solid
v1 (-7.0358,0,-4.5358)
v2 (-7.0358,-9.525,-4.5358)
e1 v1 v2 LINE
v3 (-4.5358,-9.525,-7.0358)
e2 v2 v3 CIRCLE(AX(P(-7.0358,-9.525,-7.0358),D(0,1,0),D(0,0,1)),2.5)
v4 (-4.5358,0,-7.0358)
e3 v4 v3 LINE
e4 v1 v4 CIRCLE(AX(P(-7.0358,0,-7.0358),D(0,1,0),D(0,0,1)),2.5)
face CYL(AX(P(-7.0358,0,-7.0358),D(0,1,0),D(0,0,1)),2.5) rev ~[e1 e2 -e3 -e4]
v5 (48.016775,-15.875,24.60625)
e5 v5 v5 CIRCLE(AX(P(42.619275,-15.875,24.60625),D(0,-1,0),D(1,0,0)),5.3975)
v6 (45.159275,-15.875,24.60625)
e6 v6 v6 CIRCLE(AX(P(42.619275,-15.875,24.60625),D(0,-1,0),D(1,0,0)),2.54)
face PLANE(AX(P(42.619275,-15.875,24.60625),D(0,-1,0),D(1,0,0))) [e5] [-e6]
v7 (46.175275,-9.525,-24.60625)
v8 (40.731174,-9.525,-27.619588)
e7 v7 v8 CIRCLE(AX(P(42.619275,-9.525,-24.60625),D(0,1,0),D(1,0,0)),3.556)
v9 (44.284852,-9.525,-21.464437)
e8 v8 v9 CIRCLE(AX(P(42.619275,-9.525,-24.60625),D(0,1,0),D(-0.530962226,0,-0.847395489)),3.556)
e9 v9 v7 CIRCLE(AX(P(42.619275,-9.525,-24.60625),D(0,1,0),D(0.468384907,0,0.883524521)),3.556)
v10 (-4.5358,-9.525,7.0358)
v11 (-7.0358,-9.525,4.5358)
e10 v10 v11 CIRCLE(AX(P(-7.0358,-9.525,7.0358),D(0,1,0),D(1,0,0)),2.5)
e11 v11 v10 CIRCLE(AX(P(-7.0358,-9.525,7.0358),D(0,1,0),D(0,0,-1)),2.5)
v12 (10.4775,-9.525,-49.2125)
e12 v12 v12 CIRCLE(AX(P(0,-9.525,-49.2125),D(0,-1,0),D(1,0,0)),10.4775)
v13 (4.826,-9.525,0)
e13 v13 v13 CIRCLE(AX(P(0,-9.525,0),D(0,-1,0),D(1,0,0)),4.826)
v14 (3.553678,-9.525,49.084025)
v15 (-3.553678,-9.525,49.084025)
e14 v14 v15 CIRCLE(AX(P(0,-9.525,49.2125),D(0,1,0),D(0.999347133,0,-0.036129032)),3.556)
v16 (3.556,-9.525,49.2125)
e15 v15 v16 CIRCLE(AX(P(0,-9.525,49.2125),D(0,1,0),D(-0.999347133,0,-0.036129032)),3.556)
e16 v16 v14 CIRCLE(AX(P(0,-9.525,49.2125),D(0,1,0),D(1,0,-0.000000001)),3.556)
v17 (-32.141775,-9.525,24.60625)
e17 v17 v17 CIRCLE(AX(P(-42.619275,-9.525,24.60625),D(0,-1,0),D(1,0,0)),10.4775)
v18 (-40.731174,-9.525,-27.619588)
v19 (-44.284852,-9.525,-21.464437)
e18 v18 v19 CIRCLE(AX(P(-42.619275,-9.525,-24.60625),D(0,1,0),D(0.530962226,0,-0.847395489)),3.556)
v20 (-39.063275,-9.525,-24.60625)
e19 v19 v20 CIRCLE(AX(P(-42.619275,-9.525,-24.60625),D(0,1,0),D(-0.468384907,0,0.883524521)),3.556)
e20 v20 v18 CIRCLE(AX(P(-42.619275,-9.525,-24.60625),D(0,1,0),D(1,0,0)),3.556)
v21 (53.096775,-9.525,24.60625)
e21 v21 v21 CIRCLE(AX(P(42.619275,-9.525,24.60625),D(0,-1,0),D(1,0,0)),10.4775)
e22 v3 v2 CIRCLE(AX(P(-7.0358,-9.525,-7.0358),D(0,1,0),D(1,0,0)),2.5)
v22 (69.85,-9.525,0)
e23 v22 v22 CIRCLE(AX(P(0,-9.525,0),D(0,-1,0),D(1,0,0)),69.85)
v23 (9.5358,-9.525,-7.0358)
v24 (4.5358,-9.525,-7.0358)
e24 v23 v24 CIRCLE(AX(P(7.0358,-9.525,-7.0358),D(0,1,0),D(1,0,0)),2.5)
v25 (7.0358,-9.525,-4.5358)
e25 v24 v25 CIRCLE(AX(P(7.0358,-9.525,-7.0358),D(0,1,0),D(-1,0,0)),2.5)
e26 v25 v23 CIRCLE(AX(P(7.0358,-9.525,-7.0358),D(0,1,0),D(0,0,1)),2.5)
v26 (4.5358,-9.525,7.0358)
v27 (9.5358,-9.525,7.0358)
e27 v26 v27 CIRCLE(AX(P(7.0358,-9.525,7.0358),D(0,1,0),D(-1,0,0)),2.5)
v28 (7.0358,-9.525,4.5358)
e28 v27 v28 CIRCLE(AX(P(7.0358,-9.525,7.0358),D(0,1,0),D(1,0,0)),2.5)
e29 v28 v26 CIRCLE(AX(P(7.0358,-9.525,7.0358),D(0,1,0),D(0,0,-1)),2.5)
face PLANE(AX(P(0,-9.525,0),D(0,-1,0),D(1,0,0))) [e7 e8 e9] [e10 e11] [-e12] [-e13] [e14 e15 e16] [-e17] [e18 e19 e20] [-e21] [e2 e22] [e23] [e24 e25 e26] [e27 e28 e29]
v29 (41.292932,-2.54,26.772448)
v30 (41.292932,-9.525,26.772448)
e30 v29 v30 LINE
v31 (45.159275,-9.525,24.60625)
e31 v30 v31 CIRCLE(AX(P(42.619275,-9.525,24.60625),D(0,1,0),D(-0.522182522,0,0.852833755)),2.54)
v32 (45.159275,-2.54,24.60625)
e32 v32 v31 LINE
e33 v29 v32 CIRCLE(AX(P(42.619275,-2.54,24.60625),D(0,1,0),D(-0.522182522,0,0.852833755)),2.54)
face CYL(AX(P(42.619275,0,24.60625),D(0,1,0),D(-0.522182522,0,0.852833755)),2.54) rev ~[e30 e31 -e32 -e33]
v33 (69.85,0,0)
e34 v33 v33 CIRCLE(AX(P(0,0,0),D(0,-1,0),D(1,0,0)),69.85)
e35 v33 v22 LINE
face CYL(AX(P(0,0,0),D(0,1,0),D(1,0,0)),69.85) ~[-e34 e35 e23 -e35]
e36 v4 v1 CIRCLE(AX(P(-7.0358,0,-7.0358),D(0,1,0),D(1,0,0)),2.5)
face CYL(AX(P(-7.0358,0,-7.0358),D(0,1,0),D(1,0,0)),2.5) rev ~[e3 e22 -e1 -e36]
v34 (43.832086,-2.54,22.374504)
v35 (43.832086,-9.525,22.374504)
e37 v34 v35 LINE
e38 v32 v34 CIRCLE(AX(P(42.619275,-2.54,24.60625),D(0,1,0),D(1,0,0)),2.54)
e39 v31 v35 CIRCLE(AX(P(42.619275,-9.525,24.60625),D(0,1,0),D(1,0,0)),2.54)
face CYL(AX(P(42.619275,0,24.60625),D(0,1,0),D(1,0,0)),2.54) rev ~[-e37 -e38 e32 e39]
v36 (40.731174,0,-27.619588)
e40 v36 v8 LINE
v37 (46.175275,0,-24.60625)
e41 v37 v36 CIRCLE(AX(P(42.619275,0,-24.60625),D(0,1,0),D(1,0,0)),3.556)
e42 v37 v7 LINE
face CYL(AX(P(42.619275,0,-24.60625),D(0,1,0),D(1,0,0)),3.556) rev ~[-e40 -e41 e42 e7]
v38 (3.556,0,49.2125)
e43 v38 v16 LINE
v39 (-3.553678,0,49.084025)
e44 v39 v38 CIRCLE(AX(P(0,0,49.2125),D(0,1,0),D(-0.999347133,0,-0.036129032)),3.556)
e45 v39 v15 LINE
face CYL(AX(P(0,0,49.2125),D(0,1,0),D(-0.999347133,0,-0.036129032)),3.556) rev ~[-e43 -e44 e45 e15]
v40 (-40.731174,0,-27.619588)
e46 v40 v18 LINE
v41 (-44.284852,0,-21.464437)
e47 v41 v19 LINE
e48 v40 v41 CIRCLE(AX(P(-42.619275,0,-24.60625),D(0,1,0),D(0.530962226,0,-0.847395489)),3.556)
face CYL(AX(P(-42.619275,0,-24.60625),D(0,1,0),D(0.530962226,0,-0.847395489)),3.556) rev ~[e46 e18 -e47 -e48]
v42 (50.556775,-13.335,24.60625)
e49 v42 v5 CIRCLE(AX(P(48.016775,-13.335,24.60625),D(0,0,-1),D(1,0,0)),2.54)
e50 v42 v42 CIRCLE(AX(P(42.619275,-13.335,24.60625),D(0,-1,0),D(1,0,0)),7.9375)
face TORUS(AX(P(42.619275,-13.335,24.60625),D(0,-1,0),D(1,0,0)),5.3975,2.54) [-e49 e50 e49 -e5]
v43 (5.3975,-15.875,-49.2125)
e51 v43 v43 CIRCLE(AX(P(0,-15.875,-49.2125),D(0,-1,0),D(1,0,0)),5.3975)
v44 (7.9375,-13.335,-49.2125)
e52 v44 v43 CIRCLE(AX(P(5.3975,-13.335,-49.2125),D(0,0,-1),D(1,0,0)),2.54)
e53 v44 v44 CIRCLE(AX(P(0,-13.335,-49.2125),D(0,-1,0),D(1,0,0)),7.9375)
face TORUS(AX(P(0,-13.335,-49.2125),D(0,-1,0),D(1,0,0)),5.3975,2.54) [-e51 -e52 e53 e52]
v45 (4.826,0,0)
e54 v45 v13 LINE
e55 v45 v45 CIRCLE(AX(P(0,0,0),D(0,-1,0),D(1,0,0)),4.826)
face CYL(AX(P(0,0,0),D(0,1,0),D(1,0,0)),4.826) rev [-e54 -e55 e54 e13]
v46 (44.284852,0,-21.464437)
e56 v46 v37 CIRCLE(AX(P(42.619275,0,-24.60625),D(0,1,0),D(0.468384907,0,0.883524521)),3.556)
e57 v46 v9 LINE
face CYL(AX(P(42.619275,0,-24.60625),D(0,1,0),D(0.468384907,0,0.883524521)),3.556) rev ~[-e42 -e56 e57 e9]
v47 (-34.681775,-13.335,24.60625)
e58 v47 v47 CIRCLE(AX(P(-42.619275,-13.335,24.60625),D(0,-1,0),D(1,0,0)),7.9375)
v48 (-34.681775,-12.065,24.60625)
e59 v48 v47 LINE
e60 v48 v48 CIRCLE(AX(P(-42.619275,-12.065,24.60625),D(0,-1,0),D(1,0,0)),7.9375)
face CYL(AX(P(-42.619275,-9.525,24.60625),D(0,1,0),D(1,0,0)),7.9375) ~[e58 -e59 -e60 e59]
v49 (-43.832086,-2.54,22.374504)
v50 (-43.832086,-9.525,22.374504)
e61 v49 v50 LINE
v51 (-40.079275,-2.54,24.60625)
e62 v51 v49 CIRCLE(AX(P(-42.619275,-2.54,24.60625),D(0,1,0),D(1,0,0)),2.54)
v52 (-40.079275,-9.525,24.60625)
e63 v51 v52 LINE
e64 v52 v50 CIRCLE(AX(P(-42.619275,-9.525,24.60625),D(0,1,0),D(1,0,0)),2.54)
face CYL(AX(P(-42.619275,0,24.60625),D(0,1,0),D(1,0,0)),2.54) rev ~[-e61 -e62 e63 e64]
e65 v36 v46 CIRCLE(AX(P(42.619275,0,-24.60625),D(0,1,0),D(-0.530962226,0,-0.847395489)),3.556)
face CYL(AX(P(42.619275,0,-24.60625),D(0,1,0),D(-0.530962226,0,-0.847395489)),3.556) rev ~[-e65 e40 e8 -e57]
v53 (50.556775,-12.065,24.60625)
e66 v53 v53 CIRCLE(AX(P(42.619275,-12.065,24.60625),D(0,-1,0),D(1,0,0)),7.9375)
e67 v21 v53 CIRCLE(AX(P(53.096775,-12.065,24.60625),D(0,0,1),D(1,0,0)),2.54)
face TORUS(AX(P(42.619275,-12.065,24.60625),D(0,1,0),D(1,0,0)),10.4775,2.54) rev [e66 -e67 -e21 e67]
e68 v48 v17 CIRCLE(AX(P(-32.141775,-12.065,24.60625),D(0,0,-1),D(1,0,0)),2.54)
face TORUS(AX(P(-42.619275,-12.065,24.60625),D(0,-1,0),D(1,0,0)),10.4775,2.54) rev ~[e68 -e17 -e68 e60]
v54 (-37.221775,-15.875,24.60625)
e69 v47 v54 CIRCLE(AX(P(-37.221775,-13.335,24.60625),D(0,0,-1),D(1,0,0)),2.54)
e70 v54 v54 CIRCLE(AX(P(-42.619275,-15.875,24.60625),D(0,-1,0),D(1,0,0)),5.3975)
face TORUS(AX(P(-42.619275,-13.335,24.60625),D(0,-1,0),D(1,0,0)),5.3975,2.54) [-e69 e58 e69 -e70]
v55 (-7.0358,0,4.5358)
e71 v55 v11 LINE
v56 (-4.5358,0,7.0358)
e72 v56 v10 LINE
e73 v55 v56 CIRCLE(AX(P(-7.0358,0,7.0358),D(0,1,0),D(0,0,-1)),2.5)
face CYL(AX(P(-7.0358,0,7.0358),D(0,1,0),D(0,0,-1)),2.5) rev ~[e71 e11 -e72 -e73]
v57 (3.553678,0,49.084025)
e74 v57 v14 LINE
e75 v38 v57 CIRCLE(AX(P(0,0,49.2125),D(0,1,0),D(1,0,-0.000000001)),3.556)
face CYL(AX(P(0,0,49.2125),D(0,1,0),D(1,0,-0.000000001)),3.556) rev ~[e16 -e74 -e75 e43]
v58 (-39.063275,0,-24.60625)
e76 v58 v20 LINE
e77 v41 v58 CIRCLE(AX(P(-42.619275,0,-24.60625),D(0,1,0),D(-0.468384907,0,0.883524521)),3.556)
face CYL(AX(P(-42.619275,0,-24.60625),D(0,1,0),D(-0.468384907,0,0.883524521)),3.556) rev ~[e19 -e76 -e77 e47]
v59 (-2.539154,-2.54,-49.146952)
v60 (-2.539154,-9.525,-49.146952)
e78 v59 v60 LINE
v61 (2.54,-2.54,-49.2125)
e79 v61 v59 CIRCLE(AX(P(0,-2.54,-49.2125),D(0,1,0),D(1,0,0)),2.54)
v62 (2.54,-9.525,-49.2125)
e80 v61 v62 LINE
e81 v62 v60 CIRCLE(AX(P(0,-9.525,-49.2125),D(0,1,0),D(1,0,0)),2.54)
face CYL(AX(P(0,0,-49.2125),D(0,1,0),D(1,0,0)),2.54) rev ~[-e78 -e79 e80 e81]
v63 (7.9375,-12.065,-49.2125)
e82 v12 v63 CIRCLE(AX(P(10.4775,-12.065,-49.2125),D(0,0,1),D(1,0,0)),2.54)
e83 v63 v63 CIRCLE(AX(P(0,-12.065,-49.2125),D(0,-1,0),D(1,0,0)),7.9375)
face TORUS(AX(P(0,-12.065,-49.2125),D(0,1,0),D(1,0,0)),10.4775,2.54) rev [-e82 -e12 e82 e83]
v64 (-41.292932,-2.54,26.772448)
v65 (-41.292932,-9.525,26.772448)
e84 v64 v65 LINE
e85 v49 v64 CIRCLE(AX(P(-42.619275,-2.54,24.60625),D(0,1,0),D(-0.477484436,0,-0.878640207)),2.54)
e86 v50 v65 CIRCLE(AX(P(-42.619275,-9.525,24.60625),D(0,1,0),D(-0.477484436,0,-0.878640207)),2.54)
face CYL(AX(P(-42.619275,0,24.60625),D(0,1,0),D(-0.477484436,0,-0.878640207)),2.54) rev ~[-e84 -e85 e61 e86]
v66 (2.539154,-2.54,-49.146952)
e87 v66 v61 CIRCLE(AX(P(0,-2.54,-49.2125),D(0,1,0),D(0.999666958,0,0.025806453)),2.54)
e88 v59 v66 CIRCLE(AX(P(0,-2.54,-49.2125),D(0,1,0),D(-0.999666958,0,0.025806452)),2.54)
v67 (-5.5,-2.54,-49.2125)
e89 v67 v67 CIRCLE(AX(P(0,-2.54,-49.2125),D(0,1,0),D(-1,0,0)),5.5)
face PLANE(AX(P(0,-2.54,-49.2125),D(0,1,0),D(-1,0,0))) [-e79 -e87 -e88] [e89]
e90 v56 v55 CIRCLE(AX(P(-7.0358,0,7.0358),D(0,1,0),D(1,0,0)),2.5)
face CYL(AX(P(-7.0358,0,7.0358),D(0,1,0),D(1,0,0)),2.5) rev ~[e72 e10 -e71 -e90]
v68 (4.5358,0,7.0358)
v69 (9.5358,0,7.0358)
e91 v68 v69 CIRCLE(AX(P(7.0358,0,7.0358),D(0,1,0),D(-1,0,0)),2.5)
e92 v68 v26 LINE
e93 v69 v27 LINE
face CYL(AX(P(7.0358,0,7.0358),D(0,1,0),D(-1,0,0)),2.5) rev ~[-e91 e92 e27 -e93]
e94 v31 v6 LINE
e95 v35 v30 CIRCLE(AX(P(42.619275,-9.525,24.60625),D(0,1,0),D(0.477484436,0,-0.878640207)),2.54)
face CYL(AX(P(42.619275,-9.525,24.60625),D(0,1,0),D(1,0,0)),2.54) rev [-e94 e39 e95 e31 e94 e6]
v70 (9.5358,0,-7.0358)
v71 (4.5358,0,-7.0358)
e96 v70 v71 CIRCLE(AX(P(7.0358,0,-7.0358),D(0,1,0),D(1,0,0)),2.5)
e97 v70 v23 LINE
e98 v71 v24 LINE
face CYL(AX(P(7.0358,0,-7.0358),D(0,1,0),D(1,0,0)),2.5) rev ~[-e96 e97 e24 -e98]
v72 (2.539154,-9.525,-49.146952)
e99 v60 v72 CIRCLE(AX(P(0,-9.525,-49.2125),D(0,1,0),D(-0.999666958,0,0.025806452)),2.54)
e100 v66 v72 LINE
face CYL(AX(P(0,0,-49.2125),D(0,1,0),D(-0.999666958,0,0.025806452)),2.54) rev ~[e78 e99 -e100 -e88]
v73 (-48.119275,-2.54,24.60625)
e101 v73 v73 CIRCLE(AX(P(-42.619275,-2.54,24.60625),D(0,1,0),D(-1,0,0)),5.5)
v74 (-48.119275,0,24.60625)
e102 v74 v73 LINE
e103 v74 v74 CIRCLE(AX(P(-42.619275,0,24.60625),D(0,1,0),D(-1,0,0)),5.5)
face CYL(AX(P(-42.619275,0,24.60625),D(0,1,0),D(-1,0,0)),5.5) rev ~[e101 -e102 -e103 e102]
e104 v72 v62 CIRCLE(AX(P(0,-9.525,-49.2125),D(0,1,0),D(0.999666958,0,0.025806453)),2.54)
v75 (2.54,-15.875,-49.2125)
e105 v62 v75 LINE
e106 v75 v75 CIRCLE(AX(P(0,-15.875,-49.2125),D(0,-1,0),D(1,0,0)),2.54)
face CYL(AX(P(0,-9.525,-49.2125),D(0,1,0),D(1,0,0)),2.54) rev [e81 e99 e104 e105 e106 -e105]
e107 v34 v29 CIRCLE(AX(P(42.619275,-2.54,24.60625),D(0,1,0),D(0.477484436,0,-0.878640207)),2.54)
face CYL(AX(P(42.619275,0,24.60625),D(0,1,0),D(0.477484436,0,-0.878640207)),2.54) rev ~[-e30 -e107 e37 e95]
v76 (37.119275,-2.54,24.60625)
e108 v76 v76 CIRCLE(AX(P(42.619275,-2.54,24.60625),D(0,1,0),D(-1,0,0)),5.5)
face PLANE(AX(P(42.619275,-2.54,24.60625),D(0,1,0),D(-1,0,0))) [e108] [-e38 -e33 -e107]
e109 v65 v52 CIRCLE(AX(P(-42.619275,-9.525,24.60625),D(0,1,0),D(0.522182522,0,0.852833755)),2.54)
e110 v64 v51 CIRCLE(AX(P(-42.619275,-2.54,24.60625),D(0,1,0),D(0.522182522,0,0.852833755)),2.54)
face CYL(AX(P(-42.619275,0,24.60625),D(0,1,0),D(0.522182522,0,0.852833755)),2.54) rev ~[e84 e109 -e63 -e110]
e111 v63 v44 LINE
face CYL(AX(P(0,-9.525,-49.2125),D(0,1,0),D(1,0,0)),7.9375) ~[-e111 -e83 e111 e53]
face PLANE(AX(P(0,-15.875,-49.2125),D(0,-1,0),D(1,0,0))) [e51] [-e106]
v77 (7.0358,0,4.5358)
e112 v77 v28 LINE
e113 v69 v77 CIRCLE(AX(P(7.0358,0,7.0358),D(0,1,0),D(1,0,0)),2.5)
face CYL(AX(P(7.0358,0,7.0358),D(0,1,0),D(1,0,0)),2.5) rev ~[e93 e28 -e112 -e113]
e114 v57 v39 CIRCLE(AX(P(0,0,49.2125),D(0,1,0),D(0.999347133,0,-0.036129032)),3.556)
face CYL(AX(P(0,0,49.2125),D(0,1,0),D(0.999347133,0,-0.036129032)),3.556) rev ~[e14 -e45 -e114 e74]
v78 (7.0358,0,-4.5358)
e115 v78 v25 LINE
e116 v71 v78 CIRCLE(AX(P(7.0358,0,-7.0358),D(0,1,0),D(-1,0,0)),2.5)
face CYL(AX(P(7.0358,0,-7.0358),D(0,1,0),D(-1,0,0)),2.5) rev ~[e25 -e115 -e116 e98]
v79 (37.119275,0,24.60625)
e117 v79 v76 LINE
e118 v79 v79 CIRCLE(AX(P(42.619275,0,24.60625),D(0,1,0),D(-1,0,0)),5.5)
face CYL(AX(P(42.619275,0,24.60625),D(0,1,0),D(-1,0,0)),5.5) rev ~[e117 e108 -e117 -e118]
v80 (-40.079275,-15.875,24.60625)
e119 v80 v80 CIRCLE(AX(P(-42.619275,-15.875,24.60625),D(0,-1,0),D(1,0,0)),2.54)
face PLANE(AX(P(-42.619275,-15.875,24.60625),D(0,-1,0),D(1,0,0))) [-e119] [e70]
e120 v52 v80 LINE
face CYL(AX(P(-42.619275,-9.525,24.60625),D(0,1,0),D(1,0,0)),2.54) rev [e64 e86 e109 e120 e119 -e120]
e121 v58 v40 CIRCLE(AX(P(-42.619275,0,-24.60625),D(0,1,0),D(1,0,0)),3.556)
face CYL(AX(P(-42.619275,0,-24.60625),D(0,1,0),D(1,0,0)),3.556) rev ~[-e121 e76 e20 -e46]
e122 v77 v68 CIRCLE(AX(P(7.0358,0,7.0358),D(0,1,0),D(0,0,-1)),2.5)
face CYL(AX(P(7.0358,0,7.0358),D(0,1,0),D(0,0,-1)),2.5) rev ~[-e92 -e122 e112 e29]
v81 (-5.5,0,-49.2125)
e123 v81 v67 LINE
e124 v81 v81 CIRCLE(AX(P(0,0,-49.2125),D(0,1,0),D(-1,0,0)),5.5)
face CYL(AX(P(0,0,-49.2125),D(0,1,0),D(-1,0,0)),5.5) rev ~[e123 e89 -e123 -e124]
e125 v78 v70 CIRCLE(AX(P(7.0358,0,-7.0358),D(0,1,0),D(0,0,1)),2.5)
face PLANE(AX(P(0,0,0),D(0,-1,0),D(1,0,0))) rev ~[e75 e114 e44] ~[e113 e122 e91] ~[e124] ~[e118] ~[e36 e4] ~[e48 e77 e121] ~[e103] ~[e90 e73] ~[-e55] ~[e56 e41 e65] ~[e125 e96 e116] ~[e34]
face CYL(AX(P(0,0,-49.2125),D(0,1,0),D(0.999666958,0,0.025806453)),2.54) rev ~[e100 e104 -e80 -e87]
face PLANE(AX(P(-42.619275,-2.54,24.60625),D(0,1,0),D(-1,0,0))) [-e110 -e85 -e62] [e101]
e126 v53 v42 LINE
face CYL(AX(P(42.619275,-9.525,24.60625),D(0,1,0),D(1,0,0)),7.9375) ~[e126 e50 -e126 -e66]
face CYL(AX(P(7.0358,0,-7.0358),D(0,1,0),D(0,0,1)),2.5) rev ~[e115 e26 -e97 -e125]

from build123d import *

# Parameters (mm, degrees)
F0_R     = 69.85
F0_R_2   = 4.826
F1_DEPTH = 9.525
F2_R     = 5.5
F3_DEPTH = 2.54
F4_R     = 7.9375
F4_R_2   = 2.54
F5_DEPTH = 6.35
F6_R     = 2.54


with BuildPart() as f1:
    # F0 (on Front) → F1 (new body)
    with BuildSketch(Plane.XZ):
        Circle(F0_R)
        with BuildLine():
            ThreePointArc((43.8320856521, 22.3745038747), (47.8484935573, 11.5061644586), (49.2125, 0))
            ThreePointArc((49.2125, 0), (47.9647705666, -11.0114004897), (44.2848519129, -21.4644368039))
            ThreePointArc((44.2848519129, -21.4644368039), (45.6662348855, -22.7728999037), (46.1752751837, -24.60625))
            ThreePointArc((46.1752751837, -24.60625), (44.3413446416, -27.7174576083), (40.7311735065, -27.6195883574))
            ThreePointArc((40.7311735065, -27.6195883574), (24.1647916276, -42.8711208373), (2.5391540735, -49.1469516129))
            ThreePointArc((2.5391540735, -49.1469516129), (2.5397885096, -49.1797230773), (2.54, -49.2125))
            ThreePointArc((2.54, -49.2125), (-0.0327769227, -51.7522885096), (-2.5391540735, -49.1469516129))
            ThreePointArc((-2.5391540735, -49.1469516129), (-24.1647916276, -42.8711208373), (-40.7311735065, -27.6195883574))
            ThreePointArc((-40.7311735065, -27.6195883574), (-45.6988615196, -26.38425), (-44.2848519129, -21.4644368039))
            ThreePointArc((-44.2848519129, -21.4644368039), (-49.2098755476, 0.508236992), (-43.8320856521, 22.3745038747))
            ThreePointArc((-43.8320856521, 22.3745038747), (-44.8189797094, 25.87625), (-41.2929315786, 26.7724477382))
            ThreePointArc((-41.2929315786, 26.7724477382), (-25.04508392, 42.3628838453), (-3.5536784064, 49.0840251613))
            ThreePointArc((-3.5536784064, 49.0840251613), (-0.0642479065, 52.7679195542), (3.556, 49.2125))
            ThreePointArc((3.556, 49.2125), (3.5554195542, 49.1482520935), (3.5536784064, 49.0840251613))
            ThreePointArc((3.5536784064, 49.0840251613), (25.04508392, 42.3628838453), (41.2929315786, 26.7724477382))
            ThreePointArc((41.2929315786, 26.7724477382), (43.8607837908, 26.8221598309), (45.1592751837, 24.60625))
            ThreePointArc((45.1592751837, 24.60625), (44.8024080919, 23.3079700975), (43.8320856521, 22.3745038747))
        make_face(mode=Mode.SUBTRACT)
        with BuildLine():
            ThreePointArc((44.2848519129, -21.4644368039), (47.9647705666, -11.0114004897), (49.2125, 0))
            ThreePointArc((49.2125, 0), (47.8484935573, 11.5061644586), (43.8320856521, 22.3745038747))
            ThreePointArc((43.8320856521, 22.3745038747), (40.4195706581, 23.33625), (41.2929315786, 26.7724477382))
            ThreePointArc((41.2929315786, 26.7724477382), (25.04508392, 42.3628838453), (3.5536784064, 49.0840251613))
            ThreePointArc((3.5536784064, 49.0840251613), (0, 45.6565), (-3.5536784064, 49.0840251613))
            ThreePointArc((-3.5536784064, 49.0840251613), (-25.04508392, 42.3628838453), (-41.2929315786, 26.7724477382))
            ThreePointArc((-41.2929315786, 26.7724477382), (-40.4033653529, 25.8477586071), (-40.0792751837, 24.60625))
            ThreePointArc((-40.0792751837, 24.60625), (-41.3209952813, 22.4231170918), (-43.8320856521, 22.3745038747))
            ThreePointArc((-43.8320856521, 22.3745038747), (-49.2098755476, 0.508236992), (-44.2848519129, -21.4644368039))
            ThreePointArc((-44.2848519129, -21.4644368039), (-40.7859250874, -21.5592902982), (-39.0632751837, -24.60625))
            ThreePointArc((-39.0632751837, -24.60625), (-39.5080675754, -26.3283194579), (-40.7311735065, -27.6195883574))
            ThreePointArc((-40.7311735065, -27.6195883574), (-24.1647916276, -42.8711208373), (-2.5391540735, -49.1469516129))
            ThreePointArc((-2.5391540735, -49.1469516129), (0, -46.6725), (2.5391540735, -49.1469516129))
            ThreePointArc((2.5391540735, -49.1469516129), (24.1647916276, -42.8711208373), (40.7311735065, -27.6195883574))
            ThreePointArc((40.7311735065, -27.6195883574), (39.5396888479, -22.82825), (44.2848519129, -21.4644368039))
        make_face()
        with BuildLine():
            ThreePointArc((-7.0358, 4.5358), (-8.803566953, 8.803566953), (-4.5358, 7.0358))
            Line((-4.5358, 7.0358), (4.5358, 7.0358))
            ThreePointArc((4.5358, 7.0358), (7.0358, 9.5358), (9.5358, 7.0358))
            ThreePointArc((9.5358, 7.0358), (8.803566953, 5.268033047), (7.0358, 4.5358))
            Line((7.0358, 4.5358), (7.0358, -4.5358))
            ThreePointArc((7.0358, -4.5358), (8.803566953, -5.268033047), (9.5358, -7.0358))
            ThreePointArc((9.5358, -7.0358), (7.0358, -9.5358), (4.5358, -7.0358))
            Line((4.5358, -7.0358), (-4.5358, -7.0358))
            ThreePointArc((-4.5358, -7.0358), (-8.803566953, -8.803566953), (-7.0358, -4.5358))
            Line((-7.0358, -4.5358), (-7.0358, 4.5358))
        make_face(mode=Mode.SUBTRACT)
        with BuildLine():
            Line((4.5358, 7.0358), (-4.5358, 7.0358))
            ThreePointArc((-4.5358, 7.0358), (-5.268033047, 5.268033047), (-7.0358, 4.5358))
            Line((-7.0358, 4.5358), (-7.0358, -4.5358))
            ThreePointArc((-7.0358, -4.5358), (-5.268033047, -5.268033047), (-4.5358, -7.0358))
            Line((-4.5358, -7.0358), (4.5358, -7.0358))
            ThreePointArc((4.5358, -7.0358), (5.268033047, -5.268033047), (7.0358, -4.5358))
            Line((7.0358, -4.5358), (7.0358, 4.5358))
            ThreePointArc((7.0358, 4.5358), (5.268033047, 5.268033047), (4.5358, 7.0358))
        make_face()
        Circle(F0_R_2, mode=Mode.SUBTRACT)
    extrude(amount=F1_DEPTH)

    # F2 (on face) → F3 (cut)
    with BuildSketch(Plane(origin=(0, 0, 0), x_dir=(-1, 0, 0), z_dir=(0, 1, 0))):
        with Locations((-42.6192751837, 24.60625)):
            Circle(F2_R)
        with Locations((42.6192751837, 24.60625)):
            Circle(F2_R)
        with Locations((0, -49.2125)):
            Circle(F2_R)
    extrude(amount=-F3_DEPTH, mode=Mode.SUBTRACT)

    # F4 (on face) → F5 (join)
    with BuildSketch(Plane.XZ.offset(9.525)):
        with Locations((-42.6192751837, 24.60625)):
            Circle(F4_R)
        with Locations((-42.6192751837, 24.60625)):
            Circle(F4_R_2, mode=Mode.SUBTRACT)
        with Locations((42.6192751837, 24.60625)):
            Circle(F4_R)
        with Locations((42.6192751837, 24.60625)):
            Circle(F4_R_2, mode=Mode.SUBTRACT)
        with Locations((0, -49.2125)):
            Circle(F4_R)
        with Locations((0, -49.2125)):
            Circle(F4_R_2, mode=Mode.SUBTRACT)
    extrude(amount=F5_DEPTH)

    # F6
    f6_edges = [f1.edges().sort_by_distance(p)[0] for p in [
        (-50.556775, -15.875, 24.60625),
        (-7.9375, -15.875, -49.2125),
        (34.681775, -15.875, 24.60625),
        (-50.556775, -9.525, 24.60625),
        (-7.9375, -9.525, -49.2125),
        (34.681775, -9.525, 24.60625),
    ]]
    fillet(f6_edges, radius=F6_R)


solid = f1.part
